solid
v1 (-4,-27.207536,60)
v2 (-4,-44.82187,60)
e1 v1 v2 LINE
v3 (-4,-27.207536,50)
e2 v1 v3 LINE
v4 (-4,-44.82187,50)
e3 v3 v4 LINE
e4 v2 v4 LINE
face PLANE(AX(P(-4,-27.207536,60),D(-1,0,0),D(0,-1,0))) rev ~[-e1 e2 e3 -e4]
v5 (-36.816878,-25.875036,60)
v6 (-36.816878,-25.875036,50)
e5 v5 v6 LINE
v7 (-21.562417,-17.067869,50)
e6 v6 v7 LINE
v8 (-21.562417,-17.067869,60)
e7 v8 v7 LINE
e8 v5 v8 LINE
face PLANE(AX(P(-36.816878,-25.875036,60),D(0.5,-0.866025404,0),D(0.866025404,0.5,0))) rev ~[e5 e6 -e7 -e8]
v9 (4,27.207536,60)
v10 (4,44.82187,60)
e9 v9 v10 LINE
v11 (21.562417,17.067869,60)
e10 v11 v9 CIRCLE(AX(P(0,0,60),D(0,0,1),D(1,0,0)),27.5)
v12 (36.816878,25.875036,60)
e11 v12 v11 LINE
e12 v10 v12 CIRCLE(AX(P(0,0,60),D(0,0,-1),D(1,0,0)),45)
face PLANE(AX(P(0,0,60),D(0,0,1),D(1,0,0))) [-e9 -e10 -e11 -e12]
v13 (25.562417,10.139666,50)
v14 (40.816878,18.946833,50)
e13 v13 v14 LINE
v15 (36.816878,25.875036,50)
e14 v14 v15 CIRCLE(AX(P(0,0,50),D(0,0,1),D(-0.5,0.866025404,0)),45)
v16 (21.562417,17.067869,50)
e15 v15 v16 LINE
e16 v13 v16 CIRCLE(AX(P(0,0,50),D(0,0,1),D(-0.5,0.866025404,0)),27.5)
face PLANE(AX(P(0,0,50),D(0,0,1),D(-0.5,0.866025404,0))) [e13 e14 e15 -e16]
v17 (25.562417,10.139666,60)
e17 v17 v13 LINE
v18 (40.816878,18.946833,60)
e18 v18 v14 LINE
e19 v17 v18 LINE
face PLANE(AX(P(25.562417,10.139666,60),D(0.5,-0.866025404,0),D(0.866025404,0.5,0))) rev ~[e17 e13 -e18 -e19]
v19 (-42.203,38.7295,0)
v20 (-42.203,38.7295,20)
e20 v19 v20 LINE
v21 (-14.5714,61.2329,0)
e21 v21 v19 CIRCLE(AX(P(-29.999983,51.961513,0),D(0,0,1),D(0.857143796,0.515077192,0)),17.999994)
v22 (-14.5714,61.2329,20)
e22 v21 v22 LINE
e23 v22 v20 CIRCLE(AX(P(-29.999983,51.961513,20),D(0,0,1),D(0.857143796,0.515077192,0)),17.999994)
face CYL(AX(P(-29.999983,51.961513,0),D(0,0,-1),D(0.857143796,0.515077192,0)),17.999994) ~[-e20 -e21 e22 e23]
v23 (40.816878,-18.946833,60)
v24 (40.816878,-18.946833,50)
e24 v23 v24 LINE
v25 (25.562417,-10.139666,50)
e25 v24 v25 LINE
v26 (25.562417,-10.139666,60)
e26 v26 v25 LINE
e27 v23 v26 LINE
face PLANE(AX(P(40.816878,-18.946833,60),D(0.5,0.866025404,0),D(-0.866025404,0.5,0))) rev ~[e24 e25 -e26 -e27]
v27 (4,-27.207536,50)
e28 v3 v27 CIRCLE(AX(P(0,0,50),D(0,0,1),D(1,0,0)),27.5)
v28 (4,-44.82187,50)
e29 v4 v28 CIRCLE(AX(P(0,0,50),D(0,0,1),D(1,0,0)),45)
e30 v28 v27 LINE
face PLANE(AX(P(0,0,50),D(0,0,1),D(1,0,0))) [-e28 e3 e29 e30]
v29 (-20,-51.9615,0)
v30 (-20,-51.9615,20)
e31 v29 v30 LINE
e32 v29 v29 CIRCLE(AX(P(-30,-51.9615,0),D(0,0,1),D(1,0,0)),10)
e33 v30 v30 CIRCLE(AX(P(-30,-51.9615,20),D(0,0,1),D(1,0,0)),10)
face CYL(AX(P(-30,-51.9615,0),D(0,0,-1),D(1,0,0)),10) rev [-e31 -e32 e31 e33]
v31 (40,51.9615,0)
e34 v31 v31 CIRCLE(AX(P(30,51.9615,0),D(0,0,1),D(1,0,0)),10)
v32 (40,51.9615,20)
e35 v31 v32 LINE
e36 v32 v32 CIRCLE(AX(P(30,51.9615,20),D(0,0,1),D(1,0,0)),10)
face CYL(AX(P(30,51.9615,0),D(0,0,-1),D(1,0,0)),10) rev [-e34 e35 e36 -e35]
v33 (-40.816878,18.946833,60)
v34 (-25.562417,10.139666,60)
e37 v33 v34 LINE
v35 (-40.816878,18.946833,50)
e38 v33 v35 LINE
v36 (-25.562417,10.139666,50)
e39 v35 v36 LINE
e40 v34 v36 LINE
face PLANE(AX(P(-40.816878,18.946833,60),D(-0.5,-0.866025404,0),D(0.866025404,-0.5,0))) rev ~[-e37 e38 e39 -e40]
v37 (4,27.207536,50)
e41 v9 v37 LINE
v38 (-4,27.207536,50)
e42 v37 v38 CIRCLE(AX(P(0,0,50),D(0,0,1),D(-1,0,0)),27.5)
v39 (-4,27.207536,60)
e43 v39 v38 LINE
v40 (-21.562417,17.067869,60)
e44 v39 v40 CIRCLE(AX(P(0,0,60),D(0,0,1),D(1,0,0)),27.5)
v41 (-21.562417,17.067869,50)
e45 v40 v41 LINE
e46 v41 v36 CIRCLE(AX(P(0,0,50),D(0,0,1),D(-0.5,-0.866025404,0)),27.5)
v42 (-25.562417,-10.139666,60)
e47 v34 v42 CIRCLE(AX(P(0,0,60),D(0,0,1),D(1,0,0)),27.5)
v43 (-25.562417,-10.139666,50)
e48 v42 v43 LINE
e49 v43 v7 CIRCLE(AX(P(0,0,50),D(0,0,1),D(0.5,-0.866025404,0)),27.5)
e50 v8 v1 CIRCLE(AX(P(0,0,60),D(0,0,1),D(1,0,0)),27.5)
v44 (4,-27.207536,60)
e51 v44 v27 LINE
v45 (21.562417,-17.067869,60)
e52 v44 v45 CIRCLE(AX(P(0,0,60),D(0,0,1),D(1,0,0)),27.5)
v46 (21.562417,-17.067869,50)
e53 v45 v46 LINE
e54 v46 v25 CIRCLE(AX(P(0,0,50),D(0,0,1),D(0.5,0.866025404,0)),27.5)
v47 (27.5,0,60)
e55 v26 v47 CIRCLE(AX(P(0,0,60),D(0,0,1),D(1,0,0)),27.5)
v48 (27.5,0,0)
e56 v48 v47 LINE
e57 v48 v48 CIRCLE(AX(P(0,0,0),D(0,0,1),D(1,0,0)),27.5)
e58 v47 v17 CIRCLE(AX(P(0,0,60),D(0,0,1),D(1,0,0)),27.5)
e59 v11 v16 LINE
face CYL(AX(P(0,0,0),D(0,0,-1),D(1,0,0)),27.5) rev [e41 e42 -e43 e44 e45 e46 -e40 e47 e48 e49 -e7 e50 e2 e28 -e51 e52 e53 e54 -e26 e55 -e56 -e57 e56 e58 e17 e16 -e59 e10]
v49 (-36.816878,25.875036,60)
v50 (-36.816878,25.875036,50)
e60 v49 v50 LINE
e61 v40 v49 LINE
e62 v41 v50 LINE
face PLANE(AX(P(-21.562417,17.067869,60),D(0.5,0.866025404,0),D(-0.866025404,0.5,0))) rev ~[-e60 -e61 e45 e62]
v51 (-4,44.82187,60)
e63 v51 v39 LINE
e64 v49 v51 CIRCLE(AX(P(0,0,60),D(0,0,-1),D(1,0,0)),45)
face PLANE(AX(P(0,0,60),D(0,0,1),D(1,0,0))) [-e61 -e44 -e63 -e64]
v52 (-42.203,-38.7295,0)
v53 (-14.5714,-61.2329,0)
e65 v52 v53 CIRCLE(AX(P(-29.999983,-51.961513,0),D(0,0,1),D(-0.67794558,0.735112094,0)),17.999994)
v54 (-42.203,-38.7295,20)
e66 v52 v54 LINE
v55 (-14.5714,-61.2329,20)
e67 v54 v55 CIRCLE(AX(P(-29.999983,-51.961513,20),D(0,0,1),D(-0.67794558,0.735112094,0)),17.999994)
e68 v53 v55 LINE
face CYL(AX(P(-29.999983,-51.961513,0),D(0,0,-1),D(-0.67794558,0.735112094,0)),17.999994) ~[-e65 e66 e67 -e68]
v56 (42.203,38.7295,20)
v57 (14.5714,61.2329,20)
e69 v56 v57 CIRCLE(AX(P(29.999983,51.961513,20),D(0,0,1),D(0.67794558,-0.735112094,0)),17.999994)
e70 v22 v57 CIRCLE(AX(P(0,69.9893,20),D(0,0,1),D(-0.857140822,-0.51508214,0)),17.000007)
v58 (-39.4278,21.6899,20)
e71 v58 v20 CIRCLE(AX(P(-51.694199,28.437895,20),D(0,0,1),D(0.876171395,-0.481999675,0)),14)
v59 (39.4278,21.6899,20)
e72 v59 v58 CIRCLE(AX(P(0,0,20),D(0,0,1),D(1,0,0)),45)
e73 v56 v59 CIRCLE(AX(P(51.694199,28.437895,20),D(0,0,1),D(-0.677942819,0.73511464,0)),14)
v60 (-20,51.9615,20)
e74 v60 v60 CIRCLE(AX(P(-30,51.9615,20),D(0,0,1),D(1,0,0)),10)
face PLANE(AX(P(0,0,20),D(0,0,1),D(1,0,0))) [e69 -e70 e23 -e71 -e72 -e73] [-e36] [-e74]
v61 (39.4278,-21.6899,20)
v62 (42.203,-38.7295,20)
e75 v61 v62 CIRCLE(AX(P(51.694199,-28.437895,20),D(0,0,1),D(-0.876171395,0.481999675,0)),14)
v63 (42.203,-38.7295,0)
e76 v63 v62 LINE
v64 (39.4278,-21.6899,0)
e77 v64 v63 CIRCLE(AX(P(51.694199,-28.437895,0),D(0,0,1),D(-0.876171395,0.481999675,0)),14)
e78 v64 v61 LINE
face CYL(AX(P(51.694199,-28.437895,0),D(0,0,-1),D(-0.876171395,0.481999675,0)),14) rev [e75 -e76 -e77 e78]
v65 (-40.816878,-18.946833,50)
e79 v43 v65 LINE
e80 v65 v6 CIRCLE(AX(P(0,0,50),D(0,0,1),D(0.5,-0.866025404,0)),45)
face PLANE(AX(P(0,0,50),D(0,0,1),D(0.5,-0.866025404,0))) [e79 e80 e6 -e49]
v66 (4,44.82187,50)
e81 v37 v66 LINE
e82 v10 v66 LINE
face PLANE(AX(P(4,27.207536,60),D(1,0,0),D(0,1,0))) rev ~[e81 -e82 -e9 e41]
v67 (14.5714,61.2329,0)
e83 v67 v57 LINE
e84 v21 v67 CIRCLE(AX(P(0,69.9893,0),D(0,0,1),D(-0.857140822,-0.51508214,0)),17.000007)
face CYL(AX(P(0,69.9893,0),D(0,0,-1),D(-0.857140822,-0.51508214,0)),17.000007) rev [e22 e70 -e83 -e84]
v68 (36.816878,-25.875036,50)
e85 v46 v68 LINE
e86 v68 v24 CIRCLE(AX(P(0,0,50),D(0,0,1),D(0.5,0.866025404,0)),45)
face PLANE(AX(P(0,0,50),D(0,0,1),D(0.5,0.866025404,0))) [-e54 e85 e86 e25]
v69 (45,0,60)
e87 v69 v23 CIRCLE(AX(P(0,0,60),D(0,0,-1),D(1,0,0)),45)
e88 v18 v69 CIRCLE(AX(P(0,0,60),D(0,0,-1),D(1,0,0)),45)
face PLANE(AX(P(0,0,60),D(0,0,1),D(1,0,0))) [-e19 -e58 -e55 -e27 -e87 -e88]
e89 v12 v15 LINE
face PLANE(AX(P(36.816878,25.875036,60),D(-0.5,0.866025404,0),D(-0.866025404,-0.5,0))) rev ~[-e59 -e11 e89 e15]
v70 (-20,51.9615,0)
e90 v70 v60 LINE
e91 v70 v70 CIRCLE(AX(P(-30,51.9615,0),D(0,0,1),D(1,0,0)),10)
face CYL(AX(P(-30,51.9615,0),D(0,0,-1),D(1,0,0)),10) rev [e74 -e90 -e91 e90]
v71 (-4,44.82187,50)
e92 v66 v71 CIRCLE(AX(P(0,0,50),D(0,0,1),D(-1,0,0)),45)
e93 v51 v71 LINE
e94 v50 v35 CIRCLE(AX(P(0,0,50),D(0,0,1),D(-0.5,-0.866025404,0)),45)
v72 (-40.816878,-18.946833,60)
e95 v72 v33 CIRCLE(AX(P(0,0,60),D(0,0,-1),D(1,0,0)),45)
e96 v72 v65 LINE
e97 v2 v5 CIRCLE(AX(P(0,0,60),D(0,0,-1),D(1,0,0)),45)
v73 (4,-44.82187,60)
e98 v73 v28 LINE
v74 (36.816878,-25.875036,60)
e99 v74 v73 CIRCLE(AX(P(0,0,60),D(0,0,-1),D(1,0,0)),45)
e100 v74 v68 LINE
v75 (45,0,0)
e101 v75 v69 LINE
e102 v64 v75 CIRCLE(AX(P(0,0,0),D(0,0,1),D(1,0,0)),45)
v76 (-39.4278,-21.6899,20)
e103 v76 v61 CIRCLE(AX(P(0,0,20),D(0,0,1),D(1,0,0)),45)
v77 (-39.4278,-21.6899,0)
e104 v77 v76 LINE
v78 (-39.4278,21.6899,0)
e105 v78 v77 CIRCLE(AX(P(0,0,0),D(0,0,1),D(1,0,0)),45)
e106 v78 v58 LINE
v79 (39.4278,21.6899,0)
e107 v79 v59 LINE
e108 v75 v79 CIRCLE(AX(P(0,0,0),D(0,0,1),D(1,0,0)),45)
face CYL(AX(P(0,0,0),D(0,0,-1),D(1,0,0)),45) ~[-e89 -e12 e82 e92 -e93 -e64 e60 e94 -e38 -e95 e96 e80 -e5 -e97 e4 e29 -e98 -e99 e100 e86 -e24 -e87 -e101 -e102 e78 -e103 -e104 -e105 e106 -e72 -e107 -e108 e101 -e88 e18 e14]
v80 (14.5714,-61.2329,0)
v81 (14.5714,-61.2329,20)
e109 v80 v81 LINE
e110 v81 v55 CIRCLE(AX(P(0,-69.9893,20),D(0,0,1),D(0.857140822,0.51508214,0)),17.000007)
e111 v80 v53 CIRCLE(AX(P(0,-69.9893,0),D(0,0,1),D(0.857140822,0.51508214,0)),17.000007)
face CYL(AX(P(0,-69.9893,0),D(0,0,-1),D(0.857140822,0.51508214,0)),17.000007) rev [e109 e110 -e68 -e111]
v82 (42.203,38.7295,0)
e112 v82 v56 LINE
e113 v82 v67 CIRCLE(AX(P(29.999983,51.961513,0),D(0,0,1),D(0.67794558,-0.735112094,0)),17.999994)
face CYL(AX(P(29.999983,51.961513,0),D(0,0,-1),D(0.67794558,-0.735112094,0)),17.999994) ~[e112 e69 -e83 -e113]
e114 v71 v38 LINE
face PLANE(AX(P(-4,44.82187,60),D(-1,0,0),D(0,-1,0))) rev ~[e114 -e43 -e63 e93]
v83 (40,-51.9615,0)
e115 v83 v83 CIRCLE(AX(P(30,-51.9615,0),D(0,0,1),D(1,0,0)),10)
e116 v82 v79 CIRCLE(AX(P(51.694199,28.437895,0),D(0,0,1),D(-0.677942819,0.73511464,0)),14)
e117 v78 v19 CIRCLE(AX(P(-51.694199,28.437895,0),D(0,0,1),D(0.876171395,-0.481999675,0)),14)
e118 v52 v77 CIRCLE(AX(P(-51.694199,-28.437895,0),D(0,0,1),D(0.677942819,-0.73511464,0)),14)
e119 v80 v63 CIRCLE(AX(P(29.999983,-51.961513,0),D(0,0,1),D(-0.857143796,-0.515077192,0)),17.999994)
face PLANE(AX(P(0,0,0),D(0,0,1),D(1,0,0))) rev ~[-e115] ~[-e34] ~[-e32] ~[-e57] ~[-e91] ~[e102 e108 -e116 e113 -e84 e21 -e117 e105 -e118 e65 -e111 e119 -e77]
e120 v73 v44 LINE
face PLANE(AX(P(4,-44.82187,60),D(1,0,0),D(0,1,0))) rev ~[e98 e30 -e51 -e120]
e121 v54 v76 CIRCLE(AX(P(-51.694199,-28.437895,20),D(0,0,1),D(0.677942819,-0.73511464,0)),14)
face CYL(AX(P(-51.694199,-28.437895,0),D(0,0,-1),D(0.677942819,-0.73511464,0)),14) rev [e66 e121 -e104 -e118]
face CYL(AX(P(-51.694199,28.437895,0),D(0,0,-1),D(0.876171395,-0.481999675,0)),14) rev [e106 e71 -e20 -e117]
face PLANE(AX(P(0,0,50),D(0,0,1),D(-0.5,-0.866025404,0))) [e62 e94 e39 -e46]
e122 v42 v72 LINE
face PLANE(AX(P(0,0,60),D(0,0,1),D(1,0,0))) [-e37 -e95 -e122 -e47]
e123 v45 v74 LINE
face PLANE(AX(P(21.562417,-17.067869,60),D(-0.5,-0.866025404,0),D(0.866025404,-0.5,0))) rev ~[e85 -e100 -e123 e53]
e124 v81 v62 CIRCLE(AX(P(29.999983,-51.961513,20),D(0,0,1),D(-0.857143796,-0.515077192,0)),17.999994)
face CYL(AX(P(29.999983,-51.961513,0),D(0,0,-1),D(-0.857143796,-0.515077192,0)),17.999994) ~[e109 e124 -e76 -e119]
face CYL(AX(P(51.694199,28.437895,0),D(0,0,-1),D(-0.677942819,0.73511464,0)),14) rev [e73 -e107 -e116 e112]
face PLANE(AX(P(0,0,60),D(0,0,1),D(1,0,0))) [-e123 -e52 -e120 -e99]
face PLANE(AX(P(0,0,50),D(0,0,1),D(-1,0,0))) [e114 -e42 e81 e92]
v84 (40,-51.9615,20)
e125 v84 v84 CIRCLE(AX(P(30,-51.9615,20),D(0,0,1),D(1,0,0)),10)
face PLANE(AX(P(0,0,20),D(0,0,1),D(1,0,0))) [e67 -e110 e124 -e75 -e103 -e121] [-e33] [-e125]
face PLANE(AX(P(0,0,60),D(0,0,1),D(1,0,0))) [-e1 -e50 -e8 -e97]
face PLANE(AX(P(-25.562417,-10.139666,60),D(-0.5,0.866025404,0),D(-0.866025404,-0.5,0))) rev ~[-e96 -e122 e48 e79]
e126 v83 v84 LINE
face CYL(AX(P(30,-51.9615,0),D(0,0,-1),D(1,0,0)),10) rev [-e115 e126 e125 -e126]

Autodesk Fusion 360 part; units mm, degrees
sketch "Sketch1" plane through (0, 0, 0) normal (0, 0, 1) x (1, 0, 0)
  circle A0 centre (0, 0) radius 27.5
  circle A1 centre (0, 0) radius 45
  line L0 (0, 0) -> (0, 80) construction
  line L1 (0, 0) -> (70, 0) construction
  line L2 (0, 0) -> (-41.7412, 72.298) construction
  circle A2 centre (-30, 51.9615) radius 10
  circle A3 centre (30, 51.9615) radius 10
  arc A4 (-14.5714, 61.2329) -> (14.5714, 61.2329) centre (0, 69.9893) ccw
  arc A5 (-39.4278, 21.6899) -> (-42.203, 38.7295) centre (-51.6942, 28.4379) ccw
  arc A6 (42.203, 38.7295) -> (39.4278, 21.6899) centre (51.6942, 28.4379) ccw
  arc A7 (-14.5714, 61.2329) -> (-42.203, 38.7295) centre (-30, 51.9615) ccw
  arc A8 (42.203, 38.7295) -> (14.5714, 61.2329) centre (30, 51.9615) ccw
  arc A9 (-42.203, -38.7295) -> (-39.4278, -21.6899) centre (-51.6942, -28.4379) ccw
  arc A10 (-42.203, -38.7295) -> (-14.5714, -61.2329) centre (-30, -51.9615) ccw
  arc A11 (14.5714, -61.2329) -> (-14.5714, -61.2329) centre (0, -69.9893) ccw
  arc A12 (14.5714, -61.2329) -> (42.203, -38.7295) centre (30, -51.9615) ccw
  arc A13 (39.4278, -21.6899) -> (42.203, -38.7295) centre (51.6942, -28.4379) ccw
  circle A14 centre (30, -51.9615) radius 10
  circle A15 centre (-30, -51.9615) radius 10
  dimension "d1" = 55
  dimension "d2" = 90
  dimension "d3" = 30
  dimension "d4" = 20
  dimension "d5" = 36
  dimension "d6" = 60
  dimension "d7" = 17
  dimension "d8" = 14
extrude "Extrude1" add sketch "Sketch1" along normal blind 20 contours A1 A4 A5 A6 A7 A8 | A1 A9 A10 A11 A12 A13 makes body 1 at (17.6653, 41.3877, 13.3333) makes body 2 at (-19.6089, -40.503, 6.6667)
extrude "Extrude2" add sketch "Sketch1" along normal blind 60 contours A1 bodies 1 2
sketch "Sketch2" plane through (0, 0, 60) normal (0, 0, 1) x (-1, 0, 0)
  circle A0 centre (0, 0) radius 27.5
  circle A1 centre (0, 0) radius 45
  line L0 (4, -22.5) -> (-4, -22.5)
  line L1 (-4, -22.5) -> (-4, -47.5)
  line L2 (-4, -47.5) -> (4, -47.5)
  line L3 (4, -47.5) -> (4, -22.5)
  line L4 (4, -22.5) -> (-4, -47.5) construction
  line L5 (-4, -22.5) -> (4, -47.5) construction
  point P0 (0, -35)
  dimension "d13" = 8
  dimension "d14" = 25
extrude "Extrude3" cut sketch "Sketch2" against normal blind 10 contours A0 A1 L1 L3 picked at (-3.1125, -33.1656) bodies 1
pattern_circular "C-Pattern1" count 6 over 360 about axis through (0, 0, 60) along (0, 0, 1) of "Extrude3"
